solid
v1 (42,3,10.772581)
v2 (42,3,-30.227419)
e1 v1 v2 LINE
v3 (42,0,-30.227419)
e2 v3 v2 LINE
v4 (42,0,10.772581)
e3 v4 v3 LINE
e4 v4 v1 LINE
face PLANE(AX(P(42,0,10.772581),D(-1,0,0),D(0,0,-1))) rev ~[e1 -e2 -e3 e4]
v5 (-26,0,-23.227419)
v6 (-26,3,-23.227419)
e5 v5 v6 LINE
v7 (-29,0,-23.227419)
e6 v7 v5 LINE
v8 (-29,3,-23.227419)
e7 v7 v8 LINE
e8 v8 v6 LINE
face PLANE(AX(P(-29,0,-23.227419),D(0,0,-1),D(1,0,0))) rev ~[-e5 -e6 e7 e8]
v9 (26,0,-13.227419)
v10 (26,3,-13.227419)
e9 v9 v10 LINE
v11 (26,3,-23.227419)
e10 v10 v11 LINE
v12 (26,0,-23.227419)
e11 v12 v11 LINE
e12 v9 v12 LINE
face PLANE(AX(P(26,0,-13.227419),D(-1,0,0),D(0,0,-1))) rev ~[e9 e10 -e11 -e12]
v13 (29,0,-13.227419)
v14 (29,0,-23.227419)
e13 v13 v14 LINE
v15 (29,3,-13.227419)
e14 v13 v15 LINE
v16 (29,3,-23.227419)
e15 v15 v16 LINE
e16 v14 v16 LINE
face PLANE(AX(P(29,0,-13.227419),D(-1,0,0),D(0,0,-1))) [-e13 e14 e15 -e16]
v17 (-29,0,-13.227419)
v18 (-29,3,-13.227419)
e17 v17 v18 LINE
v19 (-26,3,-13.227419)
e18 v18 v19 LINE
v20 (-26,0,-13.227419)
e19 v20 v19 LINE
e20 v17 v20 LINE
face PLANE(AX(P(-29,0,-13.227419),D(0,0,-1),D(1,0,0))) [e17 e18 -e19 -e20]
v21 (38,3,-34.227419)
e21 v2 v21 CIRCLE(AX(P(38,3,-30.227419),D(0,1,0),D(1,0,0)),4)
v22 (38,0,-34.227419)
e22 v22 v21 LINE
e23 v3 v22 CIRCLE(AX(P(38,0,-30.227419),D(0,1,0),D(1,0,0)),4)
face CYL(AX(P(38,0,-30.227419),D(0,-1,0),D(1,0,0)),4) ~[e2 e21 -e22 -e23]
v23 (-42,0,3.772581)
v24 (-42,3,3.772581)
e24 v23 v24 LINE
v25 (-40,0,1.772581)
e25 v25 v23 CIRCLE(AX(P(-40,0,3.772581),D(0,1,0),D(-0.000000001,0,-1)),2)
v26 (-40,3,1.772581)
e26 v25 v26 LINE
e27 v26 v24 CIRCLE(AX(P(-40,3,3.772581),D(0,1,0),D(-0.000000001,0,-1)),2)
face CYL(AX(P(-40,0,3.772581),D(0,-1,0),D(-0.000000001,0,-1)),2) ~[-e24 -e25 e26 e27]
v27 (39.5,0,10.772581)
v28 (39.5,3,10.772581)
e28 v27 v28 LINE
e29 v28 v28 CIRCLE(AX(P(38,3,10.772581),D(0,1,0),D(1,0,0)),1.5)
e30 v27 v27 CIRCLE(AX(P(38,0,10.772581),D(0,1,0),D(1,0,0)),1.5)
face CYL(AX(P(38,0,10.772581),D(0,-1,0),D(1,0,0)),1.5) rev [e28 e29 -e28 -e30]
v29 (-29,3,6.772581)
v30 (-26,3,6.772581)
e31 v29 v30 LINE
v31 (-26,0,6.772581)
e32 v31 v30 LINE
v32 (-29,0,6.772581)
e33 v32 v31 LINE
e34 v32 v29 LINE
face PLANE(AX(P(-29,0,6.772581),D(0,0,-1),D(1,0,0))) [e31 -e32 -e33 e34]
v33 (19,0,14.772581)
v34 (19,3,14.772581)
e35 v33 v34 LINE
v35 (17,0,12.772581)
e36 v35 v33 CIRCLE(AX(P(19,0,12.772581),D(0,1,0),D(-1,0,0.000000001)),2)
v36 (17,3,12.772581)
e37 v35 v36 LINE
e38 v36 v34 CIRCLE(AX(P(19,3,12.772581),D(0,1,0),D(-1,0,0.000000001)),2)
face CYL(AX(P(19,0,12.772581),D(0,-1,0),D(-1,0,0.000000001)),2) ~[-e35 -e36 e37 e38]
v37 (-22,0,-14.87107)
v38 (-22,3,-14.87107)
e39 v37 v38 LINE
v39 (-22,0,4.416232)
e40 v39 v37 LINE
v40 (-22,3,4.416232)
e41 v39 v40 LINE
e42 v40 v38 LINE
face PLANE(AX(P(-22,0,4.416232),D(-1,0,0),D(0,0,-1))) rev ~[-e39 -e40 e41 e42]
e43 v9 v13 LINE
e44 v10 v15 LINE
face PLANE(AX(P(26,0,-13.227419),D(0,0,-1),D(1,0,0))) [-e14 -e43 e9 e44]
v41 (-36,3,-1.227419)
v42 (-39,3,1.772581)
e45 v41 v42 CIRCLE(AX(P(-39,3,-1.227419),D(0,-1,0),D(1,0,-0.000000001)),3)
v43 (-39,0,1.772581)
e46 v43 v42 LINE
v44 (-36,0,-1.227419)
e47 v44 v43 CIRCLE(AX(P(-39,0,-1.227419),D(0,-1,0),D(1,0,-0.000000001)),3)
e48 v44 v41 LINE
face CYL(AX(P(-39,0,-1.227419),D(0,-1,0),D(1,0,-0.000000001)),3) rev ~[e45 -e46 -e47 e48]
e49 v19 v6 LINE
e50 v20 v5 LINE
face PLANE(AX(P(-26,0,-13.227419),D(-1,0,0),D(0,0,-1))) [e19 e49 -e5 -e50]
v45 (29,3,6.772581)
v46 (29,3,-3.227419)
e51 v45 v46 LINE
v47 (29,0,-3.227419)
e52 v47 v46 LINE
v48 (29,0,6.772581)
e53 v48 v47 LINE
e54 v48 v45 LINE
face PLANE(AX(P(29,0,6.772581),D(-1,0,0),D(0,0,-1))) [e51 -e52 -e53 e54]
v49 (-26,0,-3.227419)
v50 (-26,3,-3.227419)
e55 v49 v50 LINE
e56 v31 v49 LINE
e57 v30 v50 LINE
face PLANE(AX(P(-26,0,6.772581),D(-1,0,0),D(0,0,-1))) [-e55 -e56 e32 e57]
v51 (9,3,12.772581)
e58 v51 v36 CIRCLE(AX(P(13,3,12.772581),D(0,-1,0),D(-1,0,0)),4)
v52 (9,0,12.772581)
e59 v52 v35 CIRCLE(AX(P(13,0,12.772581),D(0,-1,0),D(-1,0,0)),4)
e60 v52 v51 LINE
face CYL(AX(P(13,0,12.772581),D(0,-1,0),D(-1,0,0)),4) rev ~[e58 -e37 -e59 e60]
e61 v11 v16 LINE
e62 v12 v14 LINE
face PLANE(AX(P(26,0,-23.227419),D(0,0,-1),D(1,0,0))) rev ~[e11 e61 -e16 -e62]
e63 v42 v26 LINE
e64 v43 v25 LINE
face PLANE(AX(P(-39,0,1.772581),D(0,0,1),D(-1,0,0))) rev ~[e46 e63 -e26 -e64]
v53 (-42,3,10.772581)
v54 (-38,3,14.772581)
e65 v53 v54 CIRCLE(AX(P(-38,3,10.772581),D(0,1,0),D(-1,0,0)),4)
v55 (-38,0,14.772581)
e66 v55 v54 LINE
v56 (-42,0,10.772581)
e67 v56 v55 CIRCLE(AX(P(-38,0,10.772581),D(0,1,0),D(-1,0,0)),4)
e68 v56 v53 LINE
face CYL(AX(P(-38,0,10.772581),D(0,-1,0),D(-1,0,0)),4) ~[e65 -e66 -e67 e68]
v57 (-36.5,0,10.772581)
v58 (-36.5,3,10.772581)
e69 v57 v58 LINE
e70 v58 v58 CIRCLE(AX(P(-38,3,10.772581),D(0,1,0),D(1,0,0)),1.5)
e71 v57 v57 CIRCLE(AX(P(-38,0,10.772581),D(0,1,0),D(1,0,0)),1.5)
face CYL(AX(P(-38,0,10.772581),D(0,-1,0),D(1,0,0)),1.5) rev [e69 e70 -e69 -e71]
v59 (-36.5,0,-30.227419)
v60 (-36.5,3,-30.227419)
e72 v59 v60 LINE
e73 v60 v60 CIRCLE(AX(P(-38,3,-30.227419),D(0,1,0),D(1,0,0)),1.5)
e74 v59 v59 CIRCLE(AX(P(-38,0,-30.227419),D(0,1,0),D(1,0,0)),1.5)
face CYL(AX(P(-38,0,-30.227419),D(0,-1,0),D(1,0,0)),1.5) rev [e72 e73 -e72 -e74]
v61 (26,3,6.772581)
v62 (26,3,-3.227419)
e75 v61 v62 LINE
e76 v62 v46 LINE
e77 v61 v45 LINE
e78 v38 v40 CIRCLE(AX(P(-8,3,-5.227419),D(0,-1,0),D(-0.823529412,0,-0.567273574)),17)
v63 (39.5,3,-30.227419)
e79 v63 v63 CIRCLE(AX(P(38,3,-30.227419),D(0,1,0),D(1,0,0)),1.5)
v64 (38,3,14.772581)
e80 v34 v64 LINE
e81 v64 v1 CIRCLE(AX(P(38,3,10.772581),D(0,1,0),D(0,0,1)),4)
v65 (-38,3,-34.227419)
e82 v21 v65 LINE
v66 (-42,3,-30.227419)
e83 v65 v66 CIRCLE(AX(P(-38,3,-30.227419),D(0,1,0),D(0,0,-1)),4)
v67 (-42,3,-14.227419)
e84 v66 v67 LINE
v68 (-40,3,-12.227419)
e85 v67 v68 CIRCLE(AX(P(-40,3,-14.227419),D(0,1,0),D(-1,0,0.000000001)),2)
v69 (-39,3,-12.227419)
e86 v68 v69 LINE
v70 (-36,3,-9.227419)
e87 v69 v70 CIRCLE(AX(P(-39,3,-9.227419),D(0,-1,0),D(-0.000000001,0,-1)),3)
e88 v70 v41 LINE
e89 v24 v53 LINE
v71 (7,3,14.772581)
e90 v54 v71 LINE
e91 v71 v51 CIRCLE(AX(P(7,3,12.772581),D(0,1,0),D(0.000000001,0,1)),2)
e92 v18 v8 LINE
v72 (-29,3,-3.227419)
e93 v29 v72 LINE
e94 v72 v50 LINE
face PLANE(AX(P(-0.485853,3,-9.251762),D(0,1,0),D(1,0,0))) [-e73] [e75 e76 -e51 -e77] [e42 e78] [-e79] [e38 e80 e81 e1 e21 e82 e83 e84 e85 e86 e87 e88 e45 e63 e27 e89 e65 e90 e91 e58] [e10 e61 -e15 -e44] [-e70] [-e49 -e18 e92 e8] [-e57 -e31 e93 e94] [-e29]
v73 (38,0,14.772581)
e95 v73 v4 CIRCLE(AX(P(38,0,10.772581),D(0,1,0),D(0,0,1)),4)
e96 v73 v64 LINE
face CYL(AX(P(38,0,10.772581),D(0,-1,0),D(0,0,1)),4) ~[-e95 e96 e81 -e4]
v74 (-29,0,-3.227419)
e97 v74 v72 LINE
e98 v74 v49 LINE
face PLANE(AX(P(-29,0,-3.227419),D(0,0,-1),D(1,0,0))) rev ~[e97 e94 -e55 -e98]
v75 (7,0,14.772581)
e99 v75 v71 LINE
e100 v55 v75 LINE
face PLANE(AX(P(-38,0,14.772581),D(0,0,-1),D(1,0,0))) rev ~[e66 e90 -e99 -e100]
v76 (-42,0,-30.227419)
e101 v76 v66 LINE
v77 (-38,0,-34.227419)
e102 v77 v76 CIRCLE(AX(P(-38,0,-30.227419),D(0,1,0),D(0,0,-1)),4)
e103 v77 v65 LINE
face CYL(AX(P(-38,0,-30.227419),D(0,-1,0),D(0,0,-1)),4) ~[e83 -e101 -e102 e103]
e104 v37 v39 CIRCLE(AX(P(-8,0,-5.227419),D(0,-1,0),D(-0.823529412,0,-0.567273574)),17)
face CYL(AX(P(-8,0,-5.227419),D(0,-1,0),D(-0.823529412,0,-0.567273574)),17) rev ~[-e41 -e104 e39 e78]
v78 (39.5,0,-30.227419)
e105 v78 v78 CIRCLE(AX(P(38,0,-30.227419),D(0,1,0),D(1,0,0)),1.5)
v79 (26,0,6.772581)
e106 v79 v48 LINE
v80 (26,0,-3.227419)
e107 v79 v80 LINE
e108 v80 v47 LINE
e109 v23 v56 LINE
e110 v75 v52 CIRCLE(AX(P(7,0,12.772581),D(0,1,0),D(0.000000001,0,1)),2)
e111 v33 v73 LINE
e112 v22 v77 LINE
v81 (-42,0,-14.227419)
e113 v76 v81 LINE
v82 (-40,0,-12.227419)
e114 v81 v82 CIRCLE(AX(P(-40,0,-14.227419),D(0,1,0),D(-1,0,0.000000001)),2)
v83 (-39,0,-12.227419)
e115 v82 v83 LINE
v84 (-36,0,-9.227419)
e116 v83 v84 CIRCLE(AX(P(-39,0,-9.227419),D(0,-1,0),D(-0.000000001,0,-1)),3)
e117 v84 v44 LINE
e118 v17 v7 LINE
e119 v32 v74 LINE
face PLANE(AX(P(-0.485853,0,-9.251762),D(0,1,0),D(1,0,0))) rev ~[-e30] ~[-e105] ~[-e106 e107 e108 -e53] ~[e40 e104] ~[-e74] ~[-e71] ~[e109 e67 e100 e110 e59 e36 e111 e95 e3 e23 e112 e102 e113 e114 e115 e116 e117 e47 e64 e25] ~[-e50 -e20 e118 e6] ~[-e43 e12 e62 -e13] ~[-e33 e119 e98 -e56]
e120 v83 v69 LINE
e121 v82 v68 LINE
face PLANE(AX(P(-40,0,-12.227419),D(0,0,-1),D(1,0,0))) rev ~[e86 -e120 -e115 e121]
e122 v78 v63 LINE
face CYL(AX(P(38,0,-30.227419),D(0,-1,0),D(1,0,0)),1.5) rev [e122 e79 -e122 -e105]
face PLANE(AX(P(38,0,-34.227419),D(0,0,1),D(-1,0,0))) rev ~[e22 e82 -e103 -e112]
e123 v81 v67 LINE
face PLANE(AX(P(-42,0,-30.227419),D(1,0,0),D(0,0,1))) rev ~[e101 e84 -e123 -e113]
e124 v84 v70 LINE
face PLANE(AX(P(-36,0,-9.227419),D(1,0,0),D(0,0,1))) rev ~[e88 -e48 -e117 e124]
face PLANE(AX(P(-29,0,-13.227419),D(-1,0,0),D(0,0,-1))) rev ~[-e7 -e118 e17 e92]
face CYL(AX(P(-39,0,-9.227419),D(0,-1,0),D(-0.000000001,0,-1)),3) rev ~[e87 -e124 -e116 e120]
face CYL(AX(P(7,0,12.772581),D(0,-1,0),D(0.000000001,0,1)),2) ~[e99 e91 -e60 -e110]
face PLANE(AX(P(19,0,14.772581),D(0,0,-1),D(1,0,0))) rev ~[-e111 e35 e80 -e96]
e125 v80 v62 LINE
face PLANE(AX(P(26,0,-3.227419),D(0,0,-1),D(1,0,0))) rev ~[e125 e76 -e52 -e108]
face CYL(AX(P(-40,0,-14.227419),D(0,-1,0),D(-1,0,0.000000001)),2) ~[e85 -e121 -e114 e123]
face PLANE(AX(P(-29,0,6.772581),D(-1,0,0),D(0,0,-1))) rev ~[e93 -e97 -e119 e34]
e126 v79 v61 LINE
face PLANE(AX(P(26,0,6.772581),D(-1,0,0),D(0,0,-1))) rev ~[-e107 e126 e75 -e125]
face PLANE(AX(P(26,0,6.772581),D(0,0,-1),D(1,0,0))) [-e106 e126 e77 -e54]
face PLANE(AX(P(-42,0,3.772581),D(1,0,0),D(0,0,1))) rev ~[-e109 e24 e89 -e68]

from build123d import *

# Parameters (mm, degrees)
SKETCH1_R           = 1.5
SKETCH1_W           = 3
SKETCH1_H           = 10
BOSS_EXTRUDE2_DEPTH = 3


with BuildPart() as part:
    # Sketch1 → Boss-Extrude2 (new body)
    with BuildSketch(Plane(origin=(0, 0, 0), x_dir=(1, 0, 0), z_dir=(0, 1, 0))):
        with BuildLine():
            Line((-42, 30.22741889), (-42, 14.22741889))
            ThreePointArc((-42, 14.22741889), (-41.414213562, 12.813205328), (-40, 12.22741889))
            Line((-40, 12.22741889), (-39, 12.22741889))
            ThreePointArc((-39, 12.22741889), (-36.878679656, 11.348739234), (-36, 9.22741889))
            Line((-36, 9.22741889), (-36, 1.22741889))
            ThreePointArc((-36, 1.22741889), (-36.878679656, -0.893901454), (-39, -1.77258111))
            Line((-39, -1.77258111), (-40, -1.77258111))
            ThreePointArc((-40, -1.77258111), (-41.414213562, -2.358367548), (-42, -3.77258111))
            Line((-42, -3.77258111), (-42, -10.77258111))
            ThreePointArc((-42, -10.77258111), (-40.828427125, -13.601008235), (-38, -14.77258111))
            Line((-38, -14.77258111), (7, -14.77258111))
            ThreePointArc((7, -14.77258111), (8.414213562, -14.186794672), (9, -12.77258111))
            ThreePointArc((9, -12.77258111), (13, -8.77258111), (17, -12.77258111))
            ThreePointArc((17, -12.77258111), (17.585786438, -14.186794672), (19, -14.77258111))
            Line((19, -14.77258111), (38, -14.77258111))
            ThreePointArc((38, -14.77258111), (40.828427125, -13.601008235), (42, -10.77258111))
            Line((42, -10.77258111), (42, 30.22741889))
            ThreePointArc((42, 30.22741889), (40.828427125, 33.055846015), (38, 34.22741889))
            Line((38, 34.22741889), (-38, 34.22741889))
            ThreePointArc((-38, 34.22741889), (-40.828427125, 33.055846015), (-42, 30.22741889))
        make_face()
        with Locations((38, 30.22741889)):
            Circle(SKETCH1_R, mode=Mode.SUBTRACT)
        with Locations((38, -10.77258111)):
            Circle(SKETCH1_R, mode=Mode.SUBTRACT)
        with Locations((-38, -10.77258111)):
            Circle(SKETCH1_R, mode=Mode.SUBTRACT)
        with Locations((-38, 30.22741889)):
            Circle(SKETCH1_R, mode=Mode.SUBTRACT)
        with Locations((27.5, -1.77258111)):
            Rectangle(SKETCH1_W, SKETCH1_H, mode=Mode.SUBTRACT)
        with Locations((27.5, 18.22741889)):
            Rectangle(SKETCH1_W, SKETCH1_H, mode=Mode.SUBTRACT)
        with Locations((-27.5, 18.22741889)):
            Rectangle(SKETCH1_W, SKETCH1_H, mode=Mode.SUBTRACT)
        with Locations((-27.5, -1.77258111)):
            Rectangle(SKETCH1_W, SKETCH1_H, mode=Mode.SUBTRACT)
        with BuildLine():
            Line((-22, -4.416231871), (-22, 14.871069651))
            ThreePointArc((-22, 14.871069651), (9, 5.22741889), (-22, -4.416231871))
        make_face(mode=Mode.SUBTRACT)
    extrude(amount=BOSS_EXTRUDE2_DEPTH)


solid = part.part
